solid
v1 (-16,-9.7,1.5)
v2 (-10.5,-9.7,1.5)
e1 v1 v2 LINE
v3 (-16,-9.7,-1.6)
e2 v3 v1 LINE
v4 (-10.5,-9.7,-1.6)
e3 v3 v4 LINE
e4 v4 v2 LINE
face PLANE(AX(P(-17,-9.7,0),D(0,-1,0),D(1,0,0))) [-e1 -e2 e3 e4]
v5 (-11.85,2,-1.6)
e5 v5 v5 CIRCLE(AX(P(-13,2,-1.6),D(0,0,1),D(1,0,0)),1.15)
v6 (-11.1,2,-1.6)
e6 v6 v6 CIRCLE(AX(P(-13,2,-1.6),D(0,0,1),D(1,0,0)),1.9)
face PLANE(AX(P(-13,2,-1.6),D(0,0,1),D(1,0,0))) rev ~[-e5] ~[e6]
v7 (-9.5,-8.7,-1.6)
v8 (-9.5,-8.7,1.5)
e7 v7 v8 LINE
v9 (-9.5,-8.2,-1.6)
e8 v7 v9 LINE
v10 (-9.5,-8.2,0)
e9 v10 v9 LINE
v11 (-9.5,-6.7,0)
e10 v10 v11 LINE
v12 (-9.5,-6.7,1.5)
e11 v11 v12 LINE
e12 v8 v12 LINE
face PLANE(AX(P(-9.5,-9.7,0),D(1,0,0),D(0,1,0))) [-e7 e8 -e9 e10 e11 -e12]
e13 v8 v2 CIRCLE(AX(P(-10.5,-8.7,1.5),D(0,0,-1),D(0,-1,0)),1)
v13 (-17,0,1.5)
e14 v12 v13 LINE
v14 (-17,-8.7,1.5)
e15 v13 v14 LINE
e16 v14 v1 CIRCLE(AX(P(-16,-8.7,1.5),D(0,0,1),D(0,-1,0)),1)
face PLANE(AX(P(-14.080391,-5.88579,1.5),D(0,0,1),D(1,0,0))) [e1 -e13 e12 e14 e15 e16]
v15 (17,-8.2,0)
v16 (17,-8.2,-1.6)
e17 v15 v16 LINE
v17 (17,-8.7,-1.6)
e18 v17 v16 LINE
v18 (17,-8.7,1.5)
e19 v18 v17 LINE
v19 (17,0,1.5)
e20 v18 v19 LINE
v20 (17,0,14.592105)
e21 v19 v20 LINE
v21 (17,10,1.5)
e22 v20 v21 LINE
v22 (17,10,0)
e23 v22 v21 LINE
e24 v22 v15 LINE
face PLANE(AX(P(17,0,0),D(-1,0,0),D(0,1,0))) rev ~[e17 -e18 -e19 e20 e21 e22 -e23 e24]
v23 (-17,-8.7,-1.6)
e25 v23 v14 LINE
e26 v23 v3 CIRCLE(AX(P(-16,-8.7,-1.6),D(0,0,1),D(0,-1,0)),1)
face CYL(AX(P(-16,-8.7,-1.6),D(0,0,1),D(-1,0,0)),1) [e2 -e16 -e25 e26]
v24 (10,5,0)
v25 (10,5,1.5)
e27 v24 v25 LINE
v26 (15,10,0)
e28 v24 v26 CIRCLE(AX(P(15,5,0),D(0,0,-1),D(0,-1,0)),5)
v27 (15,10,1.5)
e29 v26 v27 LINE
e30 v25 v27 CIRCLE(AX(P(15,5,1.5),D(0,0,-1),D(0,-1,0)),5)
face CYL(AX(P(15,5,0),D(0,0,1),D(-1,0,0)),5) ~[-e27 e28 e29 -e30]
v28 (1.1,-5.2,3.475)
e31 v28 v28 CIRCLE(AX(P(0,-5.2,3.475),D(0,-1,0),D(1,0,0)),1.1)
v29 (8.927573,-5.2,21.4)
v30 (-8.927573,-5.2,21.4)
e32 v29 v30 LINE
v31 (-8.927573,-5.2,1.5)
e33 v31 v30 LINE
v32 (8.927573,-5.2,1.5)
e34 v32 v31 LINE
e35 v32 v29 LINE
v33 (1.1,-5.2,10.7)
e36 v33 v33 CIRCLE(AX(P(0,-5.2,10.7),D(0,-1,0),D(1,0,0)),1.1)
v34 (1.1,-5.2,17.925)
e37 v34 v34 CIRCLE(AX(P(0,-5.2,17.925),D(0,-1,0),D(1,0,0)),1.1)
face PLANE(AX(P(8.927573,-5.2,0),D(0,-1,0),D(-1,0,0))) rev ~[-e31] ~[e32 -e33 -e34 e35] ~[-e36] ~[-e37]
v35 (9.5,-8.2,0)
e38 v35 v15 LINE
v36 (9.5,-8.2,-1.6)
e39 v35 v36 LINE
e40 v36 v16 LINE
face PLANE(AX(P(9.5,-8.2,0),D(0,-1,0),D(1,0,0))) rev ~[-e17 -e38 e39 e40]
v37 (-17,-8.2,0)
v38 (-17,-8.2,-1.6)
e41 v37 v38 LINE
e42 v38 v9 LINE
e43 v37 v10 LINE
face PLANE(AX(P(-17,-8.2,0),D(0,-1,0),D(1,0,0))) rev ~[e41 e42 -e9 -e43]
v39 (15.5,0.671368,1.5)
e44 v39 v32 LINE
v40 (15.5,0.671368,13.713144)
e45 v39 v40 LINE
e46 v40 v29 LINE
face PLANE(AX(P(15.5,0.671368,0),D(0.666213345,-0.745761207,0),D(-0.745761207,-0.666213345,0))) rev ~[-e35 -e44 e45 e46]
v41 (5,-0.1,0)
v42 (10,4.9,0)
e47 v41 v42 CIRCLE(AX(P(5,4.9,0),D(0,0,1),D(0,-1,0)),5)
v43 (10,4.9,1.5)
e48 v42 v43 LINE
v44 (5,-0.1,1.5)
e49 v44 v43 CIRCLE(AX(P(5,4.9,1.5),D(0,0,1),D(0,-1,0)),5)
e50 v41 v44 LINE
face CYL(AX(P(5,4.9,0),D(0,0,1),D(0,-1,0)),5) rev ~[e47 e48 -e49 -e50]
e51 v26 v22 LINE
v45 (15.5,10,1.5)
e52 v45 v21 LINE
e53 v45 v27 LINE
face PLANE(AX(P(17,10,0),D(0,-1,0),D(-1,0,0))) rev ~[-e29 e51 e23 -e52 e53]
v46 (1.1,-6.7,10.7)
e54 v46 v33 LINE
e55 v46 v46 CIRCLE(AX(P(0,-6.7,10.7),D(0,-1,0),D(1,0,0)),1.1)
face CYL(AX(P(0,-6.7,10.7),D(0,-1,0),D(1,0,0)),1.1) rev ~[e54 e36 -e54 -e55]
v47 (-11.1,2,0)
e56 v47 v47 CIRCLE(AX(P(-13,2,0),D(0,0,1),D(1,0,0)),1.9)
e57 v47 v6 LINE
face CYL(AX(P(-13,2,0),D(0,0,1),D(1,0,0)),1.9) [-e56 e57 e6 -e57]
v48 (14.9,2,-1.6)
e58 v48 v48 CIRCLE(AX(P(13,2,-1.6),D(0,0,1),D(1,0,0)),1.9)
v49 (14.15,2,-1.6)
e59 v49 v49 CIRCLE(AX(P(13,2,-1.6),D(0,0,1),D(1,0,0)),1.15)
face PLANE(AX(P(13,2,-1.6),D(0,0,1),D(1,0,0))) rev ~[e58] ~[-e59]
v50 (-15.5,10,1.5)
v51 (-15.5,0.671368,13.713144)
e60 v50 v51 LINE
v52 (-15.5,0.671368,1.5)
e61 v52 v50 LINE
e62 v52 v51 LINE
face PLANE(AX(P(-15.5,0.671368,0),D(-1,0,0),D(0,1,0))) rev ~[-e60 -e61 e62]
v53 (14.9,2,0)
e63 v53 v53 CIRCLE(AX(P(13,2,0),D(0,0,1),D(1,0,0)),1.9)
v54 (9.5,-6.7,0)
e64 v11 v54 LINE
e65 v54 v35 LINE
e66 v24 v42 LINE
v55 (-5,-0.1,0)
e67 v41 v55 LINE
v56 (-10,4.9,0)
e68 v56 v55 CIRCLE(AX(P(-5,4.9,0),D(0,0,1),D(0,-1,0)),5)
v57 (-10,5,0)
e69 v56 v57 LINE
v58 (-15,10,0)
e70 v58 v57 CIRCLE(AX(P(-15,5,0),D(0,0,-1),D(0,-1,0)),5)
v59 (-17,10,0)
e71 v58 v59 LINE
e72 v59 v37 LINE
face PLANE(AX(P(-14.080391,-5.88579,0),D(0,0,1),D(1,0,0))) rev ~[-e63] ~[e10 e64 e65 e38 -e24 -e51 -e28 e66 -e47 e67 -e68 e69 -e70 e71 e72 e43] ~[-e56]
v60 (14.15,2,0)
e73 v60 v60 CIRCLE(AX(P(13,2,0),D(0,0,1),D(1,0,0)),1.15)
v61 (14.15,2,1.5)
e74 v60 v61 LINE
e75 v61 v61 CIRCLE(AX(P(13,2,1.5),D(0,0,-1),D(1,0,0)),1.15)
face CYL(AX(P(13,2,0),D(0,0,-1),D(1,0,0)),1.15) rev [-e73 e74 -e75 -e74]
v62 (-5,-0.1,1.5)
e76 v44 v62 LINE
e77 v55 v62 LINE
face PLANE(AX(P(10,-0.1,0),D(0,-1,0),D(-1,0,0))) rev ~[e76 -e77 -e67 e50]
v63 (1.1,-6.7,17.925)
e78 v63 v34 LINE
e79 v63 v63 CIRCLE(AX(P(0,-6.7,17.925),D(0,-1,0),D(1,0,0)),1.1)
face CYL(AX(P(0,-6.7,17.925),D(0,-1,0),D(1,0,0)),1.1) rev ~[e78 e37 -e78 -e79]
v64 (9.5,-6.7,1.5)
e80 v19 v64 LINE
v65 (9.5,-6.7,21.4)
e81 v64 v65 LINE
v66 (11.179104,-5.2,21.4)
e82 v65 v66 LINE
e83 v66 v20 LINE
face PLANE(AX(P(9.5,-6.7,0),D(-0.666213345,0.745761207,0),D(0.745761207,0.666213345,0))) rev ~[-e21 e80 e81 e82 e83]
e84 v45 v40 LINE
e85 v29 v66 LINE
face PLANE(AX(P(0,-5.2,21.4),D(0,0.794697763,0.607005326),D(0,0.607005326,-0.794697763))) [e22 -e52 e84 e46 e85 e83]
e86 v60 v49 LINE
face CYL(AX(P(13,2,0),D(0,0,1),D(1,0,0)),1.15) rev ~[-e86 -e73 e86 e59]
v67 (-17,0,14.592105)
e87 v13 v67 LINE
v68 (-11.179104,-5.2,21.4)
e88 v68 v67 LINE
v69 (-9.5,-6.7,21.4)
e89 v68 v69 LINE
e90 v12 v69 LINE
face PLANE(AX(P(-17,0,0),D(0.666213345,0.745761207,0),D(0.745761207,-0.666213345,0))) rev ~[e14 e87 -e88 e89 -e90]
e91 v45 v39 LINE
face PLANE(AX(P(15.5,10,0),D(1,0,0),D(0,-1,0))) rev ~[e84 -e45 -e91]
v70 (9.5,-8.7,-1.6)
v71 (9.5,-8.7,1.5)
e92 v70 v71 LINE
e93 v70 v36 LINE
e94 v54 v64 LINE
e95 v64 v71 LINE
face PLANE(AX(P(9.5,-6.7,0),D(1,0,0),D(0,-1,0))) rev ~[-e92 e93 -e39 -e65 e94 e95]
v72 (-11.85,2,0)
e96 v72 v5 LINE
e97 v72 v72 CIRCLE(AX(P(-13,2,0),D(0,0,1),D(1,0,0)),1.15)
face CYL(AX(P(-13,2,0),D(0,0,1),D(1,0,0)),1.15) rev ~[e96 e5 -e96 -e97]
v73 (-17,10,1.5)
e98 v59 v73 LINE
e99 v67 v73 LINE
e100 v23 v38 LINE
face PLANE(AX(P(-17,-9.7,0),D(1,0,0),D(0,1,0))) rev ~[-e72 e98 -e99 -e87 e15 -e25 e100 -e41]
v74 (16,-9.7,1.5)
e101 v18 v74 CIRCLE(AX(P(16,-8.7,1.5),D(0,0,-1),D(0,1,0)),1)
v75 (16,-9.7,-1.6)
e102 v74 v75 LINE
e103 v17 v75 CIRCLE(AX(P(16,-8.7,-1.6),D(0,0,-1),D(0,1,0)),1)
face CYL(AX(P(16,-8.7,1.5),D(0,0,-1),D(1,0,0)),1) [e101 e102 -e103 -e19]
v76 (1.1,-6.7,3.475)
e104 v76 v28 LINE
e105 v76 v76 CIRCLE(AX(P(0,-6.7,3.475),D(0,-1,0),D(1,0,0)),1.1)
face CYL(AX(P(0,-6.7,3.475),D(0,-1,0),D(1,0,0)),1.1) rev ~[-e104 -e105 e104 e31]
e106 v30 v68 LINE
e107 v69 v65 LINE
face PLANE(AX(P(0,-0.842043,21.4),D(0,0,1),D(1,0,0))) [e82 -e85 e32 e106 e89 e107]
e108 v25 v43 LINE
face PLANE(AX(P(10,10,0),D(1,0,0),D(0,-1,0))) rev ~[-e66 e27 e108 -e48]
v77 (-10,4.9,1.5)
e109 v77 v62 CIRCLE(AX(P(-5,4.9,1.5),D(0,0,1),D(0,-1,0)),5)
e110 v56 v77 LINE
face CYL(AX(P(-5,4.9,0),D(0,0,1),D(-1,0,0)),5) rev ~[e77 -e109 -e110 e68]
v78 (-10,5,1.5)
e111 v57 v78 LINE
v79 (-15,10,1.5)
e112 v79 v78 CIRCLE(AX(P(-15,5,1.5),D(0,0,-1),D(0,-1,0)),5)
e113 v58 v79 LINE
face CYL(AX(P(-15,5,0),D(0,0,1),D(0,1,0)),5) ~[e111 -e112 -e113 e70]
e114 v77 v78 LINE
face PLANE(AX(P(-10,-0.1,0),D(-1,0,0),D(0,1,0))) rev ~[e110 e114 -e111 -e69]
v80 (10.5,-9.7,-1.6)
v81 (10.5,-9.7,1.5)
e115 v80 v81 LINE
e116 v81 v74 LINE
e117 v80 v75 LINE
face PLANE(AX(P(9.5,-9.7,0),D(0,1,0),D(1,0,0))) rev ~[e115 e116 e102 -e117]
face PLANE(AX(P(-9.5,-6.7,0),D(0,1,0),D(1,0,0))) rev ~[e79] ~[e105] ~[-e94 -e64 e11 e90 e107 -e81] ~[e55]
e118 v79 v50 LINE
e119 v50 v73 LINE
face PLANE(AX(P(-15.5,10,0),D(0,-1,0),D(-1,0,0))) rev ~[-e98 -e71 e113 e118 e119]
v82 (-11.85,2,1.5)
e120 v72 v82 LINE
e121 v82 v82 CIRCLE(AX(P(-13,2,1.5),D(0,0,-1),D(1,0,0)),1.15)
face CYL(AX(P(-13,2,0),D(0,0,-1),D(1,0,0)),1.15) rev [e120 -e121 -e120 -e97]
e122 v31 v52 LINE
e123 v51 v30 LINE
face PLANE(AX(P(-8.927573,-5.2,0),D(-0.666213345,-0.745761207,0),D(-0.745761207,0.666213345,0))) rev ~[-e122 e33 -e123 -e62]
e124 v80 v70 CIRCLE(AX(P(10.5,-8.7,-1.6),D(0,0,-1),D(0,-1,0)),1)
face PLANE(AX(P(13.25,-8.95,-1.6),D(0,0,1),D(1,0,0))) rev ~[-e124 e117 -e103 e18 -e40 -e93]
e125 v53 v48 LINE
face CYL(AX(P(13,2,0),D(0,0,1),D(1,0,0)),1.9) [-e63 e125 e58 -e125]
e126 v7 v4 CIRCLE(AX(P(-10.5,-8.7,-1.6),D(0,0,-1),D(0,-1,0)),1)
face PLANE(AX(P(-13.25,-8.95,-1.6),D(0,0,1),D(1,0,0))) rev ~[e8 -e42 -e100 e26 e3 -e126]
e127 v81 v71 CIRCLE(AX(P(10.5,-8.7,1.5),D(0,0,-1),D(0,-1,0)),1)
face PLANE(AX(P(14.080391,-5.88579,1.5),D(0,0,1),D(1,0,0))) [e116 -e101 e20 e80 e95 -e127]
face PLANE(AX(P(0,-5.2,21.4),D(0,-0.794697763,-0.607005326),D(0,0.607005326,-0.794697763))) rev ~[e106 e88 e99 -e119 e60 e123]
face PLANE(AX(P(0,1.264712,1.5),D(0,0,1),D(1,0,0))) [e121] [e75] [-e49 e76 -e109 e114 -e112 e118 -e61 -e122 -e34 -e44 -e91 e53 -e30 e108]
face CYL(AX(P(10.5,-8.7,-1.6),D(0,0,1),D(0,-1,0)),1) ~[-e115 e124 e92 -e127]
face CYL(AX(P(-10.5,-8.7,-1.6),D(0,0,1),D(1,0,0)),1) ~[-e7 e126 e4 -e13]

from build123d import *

# Parameters (mm, degrees)
F4_DEPTH       = 21.4
F5_DEPTH       = 1.5
F1_R           = 1.9
F6_DEPTH       = 1.6
F8_DEPTH       = 17.001
F8_DEPTH_BACK  = 17.001
F9_R           = 1.15
F10_DEPTH      = 21.401
F10_DEPTH_BACK = 1.601
F11_R          = 1.1
F12_DEPTH      = 1.5
F15_DEPTH      = 1.5
F14_W          = 7.5
F14_H          = 1.5
F16_DEPTH      = 1.6
F17_R          = 1
F18_R          = 5


with BuildPart() as f4:
    # F3 (on face) → F4 (new body)
    with BuildSketch(Plane.XY):
        Polygon((-15.5, 10), (-17, 10), (-17, 0), (-9.5, -6.7), (0, -6.7), (9.5, -6.7), (17, 0), (17, 10), (15.5, 10), (15.5, 0.6713676939), (8.927573477, -5.2), (0, -5.2), (-8.927573477, -5.2), (-15.5, 0.6713676939), align=None)
    extrude(amount=F4_DEPTH)

    # F2 (on Top) → F5 (join)
    with BuildSketch(Plane.XY):
        Polygon((-17, 0), (-9.5, -6.7), (0, -6.7), (9.5, -6.7), (17, 0), (17, 10), (10, 10), (10, -0.1), (0, -0.1), (-10, -0.1), (-10, 10), (-17, 10), align=None)
    extrude(amount=F5_DEPTH)

    # F1 (on Top) → F6 (join)
    with BuildSketch(Plane.XY):
        with Locations((-13, 2)):
            Circle(F1_R)
        with Locations((13, 2)):
            Circle(F1_R)
    extrude(amount=-F6_DEPTH)

    # F7 (on Right) → F8 (cut, two sides)
    with BuildSketch(Plane.YZ) as f8_sk:
        Polygon((-5.2, 21.4), (10, 1.5), (10, 21.4), align=None)
    extrude(amount=-F8_DEPTH, mode=Mode.SUBTRACT)
    extrude(f8_sk.sketch, amount=F8_DEPTH_BACK, mode=Mode.SUBTRACT)

    # F9 (on Top) → F10 (cut, two sides)
    with BuildSketch(Plane.XY) as f10_sk:
        with Locations((13, 2)):
            Circle(F9_R)
        with Locations((-13, 2)):
            Circle(F9_R)
    extrude(amount=F10_DEPTH, mode=Mode.SUBTRACT)
    extrude(f10_sk.sketch, amount=-F10_DEPTH_BACK, mode=Mode.SUBTRACT)

    # F11 (on face) → F12 (cut, through all)
    with BuildSketch(Plane.XZ.offset(6.7)):
        with Locations((0, 3.475)):
            Circle(F11_R)
        with Locations((0, 17.925)):
            Circle(F11_R)
        with Locations((0, 10.7)):
            Circle(F11_R)
    extrude(amount=-F12_DEPTH, mode=Mode.SUBTRACT)

    # F13 (on Top) → F15 (join)
    with BuildSketch(Plane.XY):
        Polygon((-17, 0), (-17, -9.7), (-9.5, -9.7), (-9.5, -6.7), align=None)
        Polygon((9.5, -9.7), (17, -9.7), (17, 0), (9.5, -6.7), align=None)
    extrude(amount=F15_DEPTH)

    # F14 (on face) → F16 (join)
    with BuildSketch(Plane.XY):
        with Locations((-13.25, -8.95)):
            Rectangle(F14_W, F14_H)
        with Locations((13.25, -8.95)):
            Rectangle(F14_W, F14_H)
    extrude(amount=-F16_DEPTH)

    # F17
    f17_edges = [f4.edges().sort_by_distance(p)[0] for p in [
        (17, -9.7, -0.05),
        (-17, -9.7, -0.05),
        (-9.5, -9.7, -0.05),
        (9.5, -9.7, -0.05),
    ]]
    fillet(f17_edges, radius=F17_R)

    # F18
    f18_edges = [f4.edges().sort_by_distance(p)[0] for p in [
        (10, -0.1, 0.75),
        (10, 10, 0.75),
        (-10, -0.1, 0.75),
        (-10, 10, 0.75),
    ]]
    fillet(f18_edges, radius=F18_R)


solid = f4.part
